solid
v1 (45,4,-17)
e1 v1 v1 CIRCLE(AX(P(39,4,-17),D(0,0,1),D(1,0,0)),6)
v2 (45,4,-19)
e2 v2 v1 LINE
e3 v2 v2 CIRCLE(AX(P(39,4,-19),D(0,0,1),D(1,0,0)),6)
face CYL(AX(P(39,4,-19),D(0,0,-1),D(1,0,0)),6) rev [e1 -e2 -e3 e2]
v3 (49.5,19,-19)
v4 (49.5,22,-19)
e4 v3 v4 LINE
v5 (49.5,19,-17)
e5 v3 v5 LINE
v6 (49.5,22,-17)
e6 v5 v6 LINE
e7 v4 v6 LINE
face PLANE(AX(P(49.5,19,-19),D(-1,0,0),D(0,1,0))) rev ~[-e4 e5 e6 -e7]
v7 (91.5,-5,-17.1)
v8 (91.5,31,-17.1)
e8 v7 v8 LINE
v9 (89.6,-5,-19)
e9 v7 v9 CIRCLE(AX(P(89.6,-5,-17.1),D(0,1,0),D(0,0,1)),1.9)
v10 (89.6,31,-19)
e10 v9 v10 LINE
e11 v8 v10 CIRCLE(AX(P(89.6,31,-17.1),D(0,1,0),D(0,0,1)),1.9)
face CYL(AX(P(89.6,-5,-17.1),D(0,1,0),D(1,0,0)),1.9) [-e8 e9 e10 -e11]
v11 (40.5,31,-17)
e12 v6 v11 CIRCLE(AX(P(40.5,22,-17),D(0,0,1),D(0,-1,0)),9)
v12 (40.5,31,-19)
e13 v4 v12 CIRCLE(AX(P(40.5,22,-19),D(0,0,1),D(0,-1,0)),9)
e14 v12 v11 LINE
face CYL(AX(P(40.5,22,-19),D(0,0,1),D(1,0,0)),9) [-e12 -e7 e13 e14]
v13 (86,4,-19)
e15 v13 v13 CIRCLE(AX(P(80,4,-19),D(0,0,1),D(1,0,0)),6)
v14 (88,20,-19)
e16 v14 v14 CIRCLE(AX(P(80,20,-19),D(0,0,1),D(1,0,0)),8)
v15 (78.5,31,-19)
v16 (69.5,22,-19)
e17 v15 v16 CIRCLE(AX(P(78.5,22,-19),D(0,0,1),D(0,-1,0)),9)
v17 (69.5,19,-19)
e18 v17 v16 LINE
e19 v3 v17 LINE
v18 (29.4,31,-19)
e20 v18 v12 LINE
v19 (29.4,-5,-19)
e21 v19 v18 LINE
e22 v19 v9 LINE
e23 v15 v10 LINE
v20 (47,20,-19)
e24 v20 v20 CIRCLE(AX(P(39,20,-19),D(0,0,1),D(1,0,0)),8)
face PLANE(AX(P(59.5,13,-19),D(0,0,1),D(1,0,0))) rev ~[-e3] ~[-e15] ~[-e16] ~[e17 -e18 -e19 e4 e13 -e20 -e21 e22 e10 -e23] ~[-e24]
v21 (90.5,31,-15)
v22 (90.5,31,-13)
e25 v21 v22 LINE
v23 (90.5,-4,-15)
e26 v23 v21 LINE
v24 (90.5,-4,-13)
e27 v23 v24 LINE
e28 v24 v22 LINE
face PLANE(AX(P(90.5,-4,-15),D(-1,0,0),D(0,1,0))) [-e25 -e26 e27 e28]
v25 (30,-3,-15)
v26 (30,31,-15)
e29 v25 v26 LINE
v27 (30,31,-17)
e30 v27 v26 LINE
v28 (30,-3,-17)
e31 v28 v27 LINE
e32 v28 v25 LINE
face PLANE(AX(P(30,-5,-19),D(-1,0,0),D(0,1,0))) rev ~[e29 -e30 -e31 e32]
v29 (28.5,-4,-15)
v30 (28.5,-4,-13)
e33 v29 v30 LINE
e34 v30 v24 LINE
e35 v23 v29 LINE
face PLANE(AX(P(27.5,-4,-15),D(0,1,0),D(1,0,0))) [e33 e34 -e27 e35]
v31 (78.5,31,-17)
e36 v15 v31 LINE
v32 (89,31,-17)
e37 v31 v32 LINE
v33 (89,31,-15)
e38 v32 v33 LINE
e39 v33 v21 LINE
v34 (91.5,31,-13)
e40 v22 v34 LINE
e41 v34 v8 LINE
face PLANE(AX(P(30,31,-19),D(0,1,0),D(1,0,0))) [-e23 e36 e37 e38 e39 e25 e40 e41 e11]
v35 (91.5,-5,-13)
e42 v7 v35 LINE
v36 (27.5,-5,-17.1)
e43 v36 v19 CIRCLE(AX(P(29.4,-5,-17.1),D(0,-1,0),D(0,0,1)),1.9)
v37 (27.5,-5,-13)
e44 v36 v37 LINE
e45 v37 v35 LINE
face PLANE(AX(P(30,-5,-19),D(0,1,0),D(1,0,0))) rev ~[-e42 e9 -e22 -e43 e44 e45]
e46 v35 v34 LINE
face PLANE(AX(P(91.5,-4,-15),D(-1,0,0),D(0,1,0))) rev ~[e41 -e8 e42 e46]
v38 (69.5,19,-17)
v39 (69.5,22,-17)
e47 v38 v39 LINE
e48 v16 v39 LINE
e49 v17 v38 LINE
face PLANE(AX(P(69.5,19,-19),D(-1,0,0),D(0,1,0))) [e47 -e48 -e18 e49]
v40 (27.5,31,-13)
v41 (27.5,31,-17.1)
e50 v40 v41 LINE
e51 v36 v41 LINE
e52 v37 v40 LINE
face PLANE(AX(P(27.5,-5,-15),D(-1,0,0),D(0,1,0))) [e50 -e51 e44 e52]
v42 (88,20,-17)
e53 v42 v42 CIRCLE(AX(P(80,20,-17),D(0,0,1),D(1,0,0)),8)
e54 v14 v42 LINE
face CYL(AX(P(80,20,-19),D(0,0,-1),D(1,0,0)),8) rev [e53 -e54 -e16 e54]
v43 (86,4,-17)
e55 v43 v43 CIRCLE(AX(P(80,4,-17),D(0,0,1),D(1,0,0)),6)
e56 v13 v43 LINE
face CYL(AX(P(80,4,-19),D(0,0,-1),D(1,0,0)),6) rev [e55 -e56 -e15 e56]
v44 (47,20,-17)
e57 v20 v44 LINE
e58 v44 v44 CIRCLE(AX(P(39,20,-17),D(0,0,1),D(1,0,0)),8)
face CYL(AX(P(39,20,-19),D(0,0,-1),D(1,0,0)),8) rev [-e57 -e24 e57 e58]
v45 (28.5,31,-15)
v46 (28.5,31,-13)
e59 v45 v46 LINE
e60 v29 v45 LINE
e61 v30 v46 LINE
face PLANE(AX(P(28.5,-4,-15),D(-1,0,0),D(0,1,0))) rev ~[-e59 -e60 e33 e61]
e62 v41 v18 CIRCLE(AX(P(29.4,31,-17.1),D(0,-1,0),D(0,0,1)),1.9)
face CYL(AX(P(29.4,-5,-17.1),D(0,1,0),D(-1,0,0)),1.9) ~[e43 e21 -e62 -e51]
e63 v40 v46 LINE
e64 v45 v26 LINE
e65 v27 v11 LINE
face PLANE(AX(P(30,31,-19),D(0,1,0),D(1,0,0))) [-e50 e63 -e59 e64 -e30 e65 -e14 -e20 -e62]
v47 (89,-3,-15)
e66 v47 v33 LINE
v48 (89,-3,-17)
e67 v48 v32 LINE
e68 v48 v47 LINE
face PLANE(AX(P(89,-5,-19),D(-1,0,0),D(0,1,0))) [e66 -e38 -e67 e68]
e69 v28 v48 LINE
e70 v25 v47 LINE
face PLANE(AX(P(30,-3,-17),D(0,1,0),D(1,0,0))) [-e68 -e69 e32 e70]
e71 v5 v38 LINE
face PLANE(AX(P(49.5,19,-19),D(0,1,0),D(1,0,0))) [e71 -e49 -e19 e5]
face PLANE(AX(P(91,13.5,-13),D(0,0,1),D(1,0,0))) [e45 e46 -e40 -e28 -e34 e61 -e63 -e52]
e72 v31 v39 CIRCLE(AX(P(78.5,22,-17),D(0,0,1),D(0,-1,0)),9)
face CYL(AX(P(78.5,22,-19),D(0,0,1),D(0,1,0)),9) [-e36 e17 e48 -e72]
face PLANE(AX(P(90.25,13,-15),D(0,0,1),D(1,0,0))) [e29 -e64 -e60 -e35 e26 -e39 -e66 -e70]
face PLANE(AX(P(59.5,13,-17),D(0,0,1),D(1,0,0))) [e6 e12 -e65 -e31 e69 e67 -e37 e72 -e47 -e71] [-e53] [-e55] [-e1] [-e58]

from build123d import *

# Parameters (mm, degrees)
BOX123_W          = 1
BOX123_H          = 35
BOX123_DEPTH      = 2
BOX126_W          = 2.5
BOX126_H          = 36
BOX126_DEPTH      = 4
BOX128_W          = 64
BOX128_H          = 1
BOX128_DEPTH      = 2
BOX131_W          = 59
BOX131_H          = 2
BOX131_DEPTH      = 2
BOX125_W          = 1
BOX125_H          = 35
BOX125_DEPTH      = 2
CYLINDER055_R     = 8
CYLINDER055_DEPTH = 2
CYLINDER054_R     = 8
CYLINDER054_DEPTH = 2
CYLINDER057_R     = 6
CYLINDER057_DEPTH = 2
CYLINDER056_R     = 6
CYLINDER056_DEPTH = 2
BOX130_W          = 20
BOX130_H          = 12
BOX130_DEPTH      = 2
BOX129_W          = 59
BOX129_H          = 36
BOX129_DEPTH      = 2
BOX122_W          = 2.5
BOX122_H          = 36
BOX122_DEPTH      = 4
FILLET026_R       = 1.9
FILLET027_R       = 9


with BuildPart() as cube113:
    # Box123 → Box123 (new body)
    with BuildSketch(Plane(origin=(27.5, -4, -15), x_dir=(1, 0, 0), z_dir=(0, 0, 1))):
        with Locations((0.5, 17.5)):
            Rectangle(BOX123_W, BOX123_H)
    extrude(amount=BOX123_DEPTH)


with BuildPart() as cube116:
    # Box126 → Box126 (new body)
    with BuildSketch(Plane(origin=(89, -5, -19), x_dir=(1, 0, 0), z_dir=(0, 0, 1))):
        with Locations((1.25, 18)):
            Rectangle(BOX126_W, BOX126_H)
    extrude(amount=BOX126_DEPTH)


with BuildPart() as cube118:
    # Box128 → Box128 (new body)
    with BuildSketch(Plane(origin=(27.5, -5, -15), x_dir=(1, 0, 0), z_dir=(0, 0, 1))):
        with Locations((32, 0.5)):
            Rectangle(BOX128_W, BOX128_H)
    extrude(amount=BOX128_DEPTH)


with BuildPart() as cube121:
    # Box131 → Box131 (new body)
    with BuildSketch(Plane(origin=(30, -5, -17), x_dir=(1, 0, 0), z_dir=(0, 0, 1))):
        with Locations((29.5, 1)):
            Rectangle(BOX131_W, BOX131_H)
    extrude(amount=BOX131_DEPTH)


with BuildPart() as cube115:
    # Box125 → Box125 (new body)
    with BuildSketch(Plane(origin=(90.5, -4, -15), x_dir=(1, 0, 0), z_dir=(0, 0, 1))):
        with Locations((0.5, 17.5)):
            Rectangle(BOX125_W, BOX125_H)
    extrude(amount=BOX125_DEPTH)


with BuildPart() as cylinder136:
    # Cylinder055 → Cylinder055 (new body)
    with BuildSketch(Plane(origin=(80, 20, -19), x_dir=(1, 0, 0), z_dir=(0, 0, 1))):
        Circle(CYLINDER055_R)
    extrude(amount=CYLINDER055_DEPTH)


with BuildPart() as cylinder135:
    # Cylinder054 → Cylinder054 (new body)
    with BuildSketch(Plane(origin=(39, 20, -19), x_dir=(1, 0, 0), z_dir=(0, 0, 1))):
        Circle(CYLINDER054_R)
    extrude(amount=CYLINDER054_DEPTH)


with BuildPart() as cylinder138:
    # Cylinder057 → Cylinder057 (new body)
    with BuildSketch(Plane(origin=(39, 4, -19), x_dir=(1, 0, 0), z_dir=(0, 0, 1))):
        Circle(CYLINDER057_R)
    extrude(amount=CYLINDER057_DEPTH)


with BuildPart() as cylinder137:
    # Cylinder056 → Cylinder056 (new body)
    with BuildSketch(Plane(origin=(80, 4, -19), x_dir=(1, 0, 0), z_dir=(0, 0, 1))):
        Circle(CYLINDER056_R)
    extrude(amount=CYLINDER056_DEPTH)


with BuildPart() as cube120:
    # Box130 → Box130 (new body)
    with BuildSketch(Plane(origin=(49.5, 19, -19), x_dir=(1, 0, 0), z_dir=(0, 0, 1))):
        with Locations((10, 6)):
            Rectangle(BOX130_W, BOX130_H)
    extrude(amount=BOX130_DEPTH)


with BuildPart() as cut081:
    # Box129 → Box129 (new body)
    with BuildSketch(Plane(origin=(30, -5, -19), x_dir=(1, 0, 0), z_dir=(0, 0, 1))):
        with Locations((29.5, 18)):
            Rectangle(BOX129_W, BOX129_H)
    extrude(amount=BOX129_DEPTH)

    # Cut077: cut Cube120
    add(cube120.part, mode=Mode.SUBTRACT)

    # Cut078: cut Cylinder137
    add(cylinder137.part, mode=Mode.SUBTRACT)

    # Cut079: cut Cylinder138
    add(cylinder138.part, mode=Mode.SUBTRACT)

    # Cut080: cut Cylinder135
    add(cylinder135.part, mode=Mode.SUBTRACT)

    # Cut081: cut Cylinder136
    add(cylinder136.part, mode=Mode.SUBTRACT)


with BuildPart() as fillet027:
    # Box122 → Box122 (new body)
    with BuildSketch(Plane(origin=(27.5, -5, -19), x_dir=(1, 0, 0), z_dir=(0, 0, 1))):
        with Locations((1.25, 18)):
            Rectangle(BOX122_W, BOX122_H)
    extrude(amount=BOX122_DEPTH)

    # Fusion045: union Cube113, Cube116, Cube118, Cube121, Cube115, Cut081
    add(cube113.part)
    add(cube116.part)
    add(cube118.part)
    add(cube121.part)
    add(cube115.part)
    add(cut081.part)

    # Fillet026
    fillet026_edges = [fillet027.edges().sort_by_distance(p)[0] for p in [
        (27.5, 13, -19),
        (91.5, 13, -19),
    ]]
    fillet(fillet026_edges, radius=FILLET026_R)

    # Fillet027
    fillet027_edges = [fillet027.edges().sort_by_distance(p)[0] for p in [
        (49.5, 31, -18),
        (69.5, 31, -18),
    ]]
    fillet(fillet027_edges, radius=FILLET027_R)


solid = fillet027.part
